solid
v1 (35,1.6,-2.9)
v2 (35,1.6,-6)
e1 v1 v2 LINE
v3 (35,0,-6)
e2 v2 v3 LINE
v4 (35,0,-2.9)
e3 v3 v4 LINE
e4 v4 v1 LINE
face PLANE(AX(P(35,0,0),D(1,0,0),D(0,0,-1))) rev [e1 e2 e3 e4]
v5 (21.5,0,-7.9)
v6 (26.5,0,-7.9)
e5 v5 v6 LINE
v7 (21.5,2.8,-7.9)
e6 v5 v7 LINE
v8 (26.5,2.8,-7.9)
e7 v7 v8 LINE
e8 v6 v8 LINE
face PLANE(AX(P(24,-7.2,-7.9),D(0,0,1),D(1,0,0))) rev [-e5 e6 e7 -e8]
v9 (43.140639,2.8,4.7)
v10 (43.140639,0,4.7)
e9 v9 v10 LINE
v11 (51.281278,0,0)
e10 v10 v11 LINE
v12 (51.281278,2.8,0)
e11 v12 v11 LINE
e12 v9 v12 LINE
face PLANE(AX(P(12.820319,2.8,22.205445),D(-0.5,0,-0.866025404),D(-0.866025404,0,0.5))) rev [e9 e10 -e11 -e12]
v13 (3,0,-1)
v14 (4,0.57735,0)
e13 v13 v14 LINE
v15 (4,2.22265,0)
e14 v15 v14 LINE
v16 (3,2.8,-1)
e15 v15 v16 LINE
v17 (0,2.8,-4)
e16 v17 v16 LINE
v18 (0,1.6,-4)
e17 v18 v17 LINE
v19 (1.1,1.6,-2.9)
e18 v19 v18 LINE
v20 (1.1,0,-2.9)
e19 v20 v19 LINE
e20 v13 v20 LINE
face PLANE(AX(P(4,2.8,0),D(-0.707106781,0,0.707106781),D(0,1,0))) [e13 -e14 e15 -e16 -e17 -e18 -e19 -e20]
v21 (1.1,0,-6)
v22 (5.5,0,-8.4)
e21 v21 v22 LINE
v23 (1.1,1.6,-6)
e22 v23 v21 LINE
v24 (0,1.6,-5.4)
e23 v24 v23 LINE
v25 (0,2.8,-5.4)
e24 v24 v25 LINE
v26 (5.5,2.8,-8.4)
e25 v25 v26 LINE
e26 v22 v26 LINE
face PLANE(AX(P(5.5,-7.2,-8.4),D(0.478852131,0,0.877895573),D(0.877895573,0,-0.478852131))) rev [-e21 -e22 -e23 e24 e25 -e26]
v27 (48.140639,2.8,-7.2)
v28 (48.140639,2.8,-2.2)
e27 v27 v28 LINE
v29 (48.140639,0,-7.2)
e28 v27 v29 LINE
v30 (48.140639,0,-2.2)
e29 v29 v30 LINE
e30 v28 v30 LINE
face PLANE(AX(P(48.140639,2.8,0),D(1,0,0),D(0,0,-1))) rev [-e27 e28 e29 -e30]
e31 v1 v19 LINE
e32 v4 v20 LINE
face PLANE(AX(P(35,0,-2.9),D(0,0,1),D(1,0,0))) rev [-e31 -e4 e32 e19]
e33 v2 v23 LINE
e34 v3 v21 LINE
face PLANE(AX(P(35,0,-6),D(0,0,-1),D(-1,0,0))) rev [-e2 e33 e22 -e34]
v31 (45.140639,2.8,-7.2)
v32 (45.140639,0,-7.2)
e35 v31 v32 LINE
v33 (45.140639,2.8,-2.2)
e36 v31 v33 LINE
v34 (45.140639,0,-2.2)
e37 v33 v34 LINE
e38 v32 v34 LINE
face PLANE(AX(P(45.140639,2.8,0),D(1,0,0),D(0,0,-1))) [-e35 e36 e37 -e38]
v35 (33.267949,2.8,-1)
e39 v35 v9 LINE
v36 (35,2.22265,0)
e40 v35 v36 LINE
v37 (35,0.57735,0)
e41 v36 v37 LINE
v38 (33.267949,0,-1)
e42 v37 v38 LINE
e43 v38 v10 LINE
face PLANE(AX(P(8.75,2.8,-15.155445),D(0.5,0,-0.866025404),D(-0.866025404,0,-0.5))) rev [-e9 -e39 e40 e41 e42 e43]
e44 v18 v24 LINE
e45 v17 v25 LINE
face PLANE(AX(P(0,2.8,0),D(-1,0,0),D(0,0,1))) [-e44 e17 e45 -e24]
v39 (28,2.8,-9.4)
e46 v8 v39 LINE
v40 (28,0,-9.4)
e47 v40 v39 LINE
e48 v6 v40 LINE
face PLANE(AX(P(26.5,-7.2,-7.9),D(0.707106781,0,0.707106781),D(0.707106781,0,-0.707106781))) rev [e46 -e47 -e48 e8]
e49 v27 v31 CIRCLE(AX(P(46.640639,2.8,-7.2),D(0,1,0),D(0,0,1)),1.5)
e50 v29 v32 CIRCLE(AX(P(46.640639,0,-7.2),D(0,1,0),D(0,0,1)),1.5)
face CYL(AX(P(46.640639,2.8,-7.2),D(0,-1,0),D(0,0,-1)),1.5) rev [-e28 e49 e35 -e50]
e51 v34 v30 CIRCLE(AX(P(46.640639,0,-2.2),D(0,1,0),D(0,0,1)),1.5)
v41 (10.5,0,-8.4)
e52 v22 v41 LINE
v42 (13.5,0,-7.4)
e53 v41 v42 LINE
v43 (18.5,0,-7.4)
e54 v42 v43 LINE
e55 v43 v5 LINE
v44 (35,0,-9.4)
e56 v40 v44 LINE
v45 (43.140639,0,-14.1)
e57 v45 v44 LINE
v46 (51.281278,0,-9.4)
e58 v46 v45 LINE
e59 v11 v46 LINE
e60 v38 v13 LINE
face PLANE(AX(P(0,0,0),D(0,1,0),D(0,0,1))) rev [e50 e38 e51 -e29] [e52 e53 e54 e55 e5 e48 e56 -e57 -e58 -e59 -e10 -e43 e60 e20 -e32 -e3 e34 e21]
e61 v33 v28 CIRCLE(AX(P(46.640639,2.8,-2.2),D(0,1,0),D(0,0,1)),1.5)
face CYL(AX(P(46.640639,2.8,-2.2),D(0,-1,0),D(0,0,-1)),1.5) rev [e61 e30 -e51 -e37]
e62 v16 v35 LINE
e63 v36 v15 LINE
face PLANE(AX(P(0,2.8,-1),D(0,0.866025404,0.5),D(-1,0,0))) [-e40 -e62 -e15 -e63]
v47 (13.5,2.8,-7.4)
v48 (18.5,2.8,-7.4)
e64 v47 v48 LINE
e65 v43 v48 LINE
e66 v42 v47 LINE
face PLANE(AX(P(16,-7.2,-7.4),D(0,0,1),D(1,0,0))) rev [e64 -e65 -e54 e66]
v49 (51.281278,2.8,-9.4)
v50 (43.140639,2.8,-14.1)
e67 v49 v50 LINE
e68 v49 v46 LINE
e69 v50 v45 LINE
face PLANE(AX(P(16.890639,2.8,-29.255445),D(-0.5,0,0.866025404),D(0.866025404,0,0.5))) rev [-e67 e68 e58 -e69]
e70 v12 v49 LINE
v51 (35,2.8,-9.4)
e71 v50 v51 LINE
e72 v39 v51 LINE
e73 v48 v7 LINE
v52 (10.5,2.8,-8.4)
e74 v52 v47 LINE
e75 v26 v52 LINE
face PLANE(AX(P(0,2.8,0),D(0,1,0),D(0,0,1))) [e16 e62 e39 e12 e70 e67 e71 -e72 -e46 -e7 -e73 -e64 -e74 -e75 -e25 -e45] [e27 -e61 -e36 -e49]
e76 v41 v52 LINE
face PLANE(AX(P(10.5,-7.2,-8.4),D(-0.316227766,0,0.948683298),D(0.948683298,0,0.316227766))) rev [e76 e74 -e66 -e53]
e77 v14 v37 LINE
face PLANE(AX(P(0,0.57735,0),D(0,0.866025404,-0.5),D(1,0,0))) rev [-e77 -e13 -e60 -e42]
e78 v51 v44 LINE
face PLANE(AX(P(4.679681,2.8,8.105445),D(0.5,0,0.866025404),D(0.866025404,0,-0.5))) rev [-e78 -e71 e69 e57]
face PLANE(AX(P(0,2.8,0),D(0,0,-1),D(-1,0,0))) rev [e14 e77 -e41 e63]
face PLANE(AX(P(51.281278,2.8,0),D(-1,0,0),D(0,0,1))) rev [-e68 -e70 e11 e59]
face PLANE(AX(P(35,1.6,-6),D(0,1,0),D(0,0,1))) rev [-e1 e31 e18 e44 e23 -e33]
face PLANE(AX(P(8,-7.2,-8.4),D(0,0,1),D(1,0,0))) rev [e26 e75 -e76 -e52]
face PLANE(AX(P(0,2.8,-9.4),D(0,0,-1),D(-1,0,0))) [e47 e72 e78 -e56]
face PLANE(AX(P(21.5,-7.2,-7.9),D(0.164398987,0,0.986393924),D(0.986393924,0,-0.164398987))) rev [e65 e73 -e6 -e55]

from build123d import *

# Parameters (mm, degrees)
SKETCH1_W           = 35
SKETCH1_H           = 9.4
BOSS_EXTRUDE1_DEPTH = 2.8
SKETCH2_W           = 3.1
SKETCH2_H           = 1.6
CUT_EXTRUDE1_DEPTH  = 35
CHAMFER2_SIZE       = 4
CHAMFER5_SIZE       = 1
CHAMFER5_SIZE2      = 0.577350269
CHAMFER6_SIZE       = 1
CHAMFER6_SIZE2      = 0.577350269
CUT_EXTRUDE2_DEPTH  = 10


with BuildPart() as part:
    # Sketch1 → Boss-Extrude1 (new body)
    # profile 1 of 2: a face of its own
    with BuildSketch(Plane(origin=(0, 0, 0), x_dir=(1, 0, 0), z_dir=(0, 1, 0))):
        with Locations((17.5, 4.7)):
            Rectangle(SKETCH1_W, SKETCH1_H)
    # profile 2 of 2: a face of its own
    with BuildSketch(Plane(origin=(0, 0, 0), x_dir=(1, 0, 0), z_dir=(0, 1, 0))):
        Polygon((35, 0), (35, 9.4), (43.140638796, 14.1), (51.281277591, 9.4), (51.281277591, 0), (43.140638796, -4.7), align=None)
        with BuildLine():
            ThreePointArc((45.140638796, 2.2), (46.640638796, 0.7), (48.140638796, 2.2))
            Line((48.140638796, 2.2), (48.140638796, 7.2))
            ThreePointArc((48.140638796, 7.2), (46.640638796, 8.7), (45.140638796, 7.2))
            Line((45.140638796, 7.2), (45.140638796, 2.2))
        make_face(mode=Mode.SUBTRACT)
    extrude(amount=BOSS_EXTRUDE1_DEPTH)

    # Sketch2 → Cut-Extrude1 (cut)
    with BuildSketch(Plane.ZY):
        with Locations((-4.45, 0.8)):
            Rectangle(SKETCH2_W, SKETCH2_H)
    extrude(amount=-CUT_EXTRUDE1_DEPTH, mode=Mode.SUBTRACT)

    # Chamfer2
    chamfer2_edges = [part.edges().sort_by_distance(p)[0] for p in [
        (0, 1.4, 0),
    ]]
    chamfer(chamfer2_edges, length=CHAMFER2_SIZE)

    # Chamfer5
    chamfer5_edges = [part.edges().sort_by_distance(p)[0] for p in [
        (19.5, 0, 0),
    ]]
    chamfer5_side = [part.faces().sort_by_distance(p)[0] for p in [
        (18.05, 0, -2.353812355),
    ]]
    chamfer(chamfer5_edges, length=CHAMFER5_SIZE, length2=CHAMFER5_SIZE2, reference=chamfer5_side[0])

    # Chamfer6
    chamfer6_edges = [part.edges().sort_by_distance(p)[0] for p in [
        (19.5, 2.8, 0),
    ]]
    chamfer6_side = [part.faces().sort_by_distance(p)[0] for p in [
        (27.665536573, 2.8, -4.750962089),
    ]]
    chamfer(chamfer6_edges, length=CHAMFER6_SIZE, length2=CHAMFER6_SIZE2, reference=chamfer6_side[0])

    # Sketch3 → Cut-Extrude2 (cut)
    with BuildSketch(Plane(origin=(0, 2.8, 0), x_dir=(1, 0, 0), z_dir=(0, 1, 0))):
        Polygon((8, 8.4), (10.5, 8.4), (13.5, 7.4), (16, 7.4), (18.5, 7.4), (21.5, 7.9), (24, 7.9), (26.5, 7.9), (28, 9.4), (4, 9.4), (0, 9.4), (0, 5.4), (5.5, 8.4), align=None)
    extrude(amount=-CUT_EXTRUDE2_DEPTH, mode=Mode.SUBTRACT)


solid = part.part
